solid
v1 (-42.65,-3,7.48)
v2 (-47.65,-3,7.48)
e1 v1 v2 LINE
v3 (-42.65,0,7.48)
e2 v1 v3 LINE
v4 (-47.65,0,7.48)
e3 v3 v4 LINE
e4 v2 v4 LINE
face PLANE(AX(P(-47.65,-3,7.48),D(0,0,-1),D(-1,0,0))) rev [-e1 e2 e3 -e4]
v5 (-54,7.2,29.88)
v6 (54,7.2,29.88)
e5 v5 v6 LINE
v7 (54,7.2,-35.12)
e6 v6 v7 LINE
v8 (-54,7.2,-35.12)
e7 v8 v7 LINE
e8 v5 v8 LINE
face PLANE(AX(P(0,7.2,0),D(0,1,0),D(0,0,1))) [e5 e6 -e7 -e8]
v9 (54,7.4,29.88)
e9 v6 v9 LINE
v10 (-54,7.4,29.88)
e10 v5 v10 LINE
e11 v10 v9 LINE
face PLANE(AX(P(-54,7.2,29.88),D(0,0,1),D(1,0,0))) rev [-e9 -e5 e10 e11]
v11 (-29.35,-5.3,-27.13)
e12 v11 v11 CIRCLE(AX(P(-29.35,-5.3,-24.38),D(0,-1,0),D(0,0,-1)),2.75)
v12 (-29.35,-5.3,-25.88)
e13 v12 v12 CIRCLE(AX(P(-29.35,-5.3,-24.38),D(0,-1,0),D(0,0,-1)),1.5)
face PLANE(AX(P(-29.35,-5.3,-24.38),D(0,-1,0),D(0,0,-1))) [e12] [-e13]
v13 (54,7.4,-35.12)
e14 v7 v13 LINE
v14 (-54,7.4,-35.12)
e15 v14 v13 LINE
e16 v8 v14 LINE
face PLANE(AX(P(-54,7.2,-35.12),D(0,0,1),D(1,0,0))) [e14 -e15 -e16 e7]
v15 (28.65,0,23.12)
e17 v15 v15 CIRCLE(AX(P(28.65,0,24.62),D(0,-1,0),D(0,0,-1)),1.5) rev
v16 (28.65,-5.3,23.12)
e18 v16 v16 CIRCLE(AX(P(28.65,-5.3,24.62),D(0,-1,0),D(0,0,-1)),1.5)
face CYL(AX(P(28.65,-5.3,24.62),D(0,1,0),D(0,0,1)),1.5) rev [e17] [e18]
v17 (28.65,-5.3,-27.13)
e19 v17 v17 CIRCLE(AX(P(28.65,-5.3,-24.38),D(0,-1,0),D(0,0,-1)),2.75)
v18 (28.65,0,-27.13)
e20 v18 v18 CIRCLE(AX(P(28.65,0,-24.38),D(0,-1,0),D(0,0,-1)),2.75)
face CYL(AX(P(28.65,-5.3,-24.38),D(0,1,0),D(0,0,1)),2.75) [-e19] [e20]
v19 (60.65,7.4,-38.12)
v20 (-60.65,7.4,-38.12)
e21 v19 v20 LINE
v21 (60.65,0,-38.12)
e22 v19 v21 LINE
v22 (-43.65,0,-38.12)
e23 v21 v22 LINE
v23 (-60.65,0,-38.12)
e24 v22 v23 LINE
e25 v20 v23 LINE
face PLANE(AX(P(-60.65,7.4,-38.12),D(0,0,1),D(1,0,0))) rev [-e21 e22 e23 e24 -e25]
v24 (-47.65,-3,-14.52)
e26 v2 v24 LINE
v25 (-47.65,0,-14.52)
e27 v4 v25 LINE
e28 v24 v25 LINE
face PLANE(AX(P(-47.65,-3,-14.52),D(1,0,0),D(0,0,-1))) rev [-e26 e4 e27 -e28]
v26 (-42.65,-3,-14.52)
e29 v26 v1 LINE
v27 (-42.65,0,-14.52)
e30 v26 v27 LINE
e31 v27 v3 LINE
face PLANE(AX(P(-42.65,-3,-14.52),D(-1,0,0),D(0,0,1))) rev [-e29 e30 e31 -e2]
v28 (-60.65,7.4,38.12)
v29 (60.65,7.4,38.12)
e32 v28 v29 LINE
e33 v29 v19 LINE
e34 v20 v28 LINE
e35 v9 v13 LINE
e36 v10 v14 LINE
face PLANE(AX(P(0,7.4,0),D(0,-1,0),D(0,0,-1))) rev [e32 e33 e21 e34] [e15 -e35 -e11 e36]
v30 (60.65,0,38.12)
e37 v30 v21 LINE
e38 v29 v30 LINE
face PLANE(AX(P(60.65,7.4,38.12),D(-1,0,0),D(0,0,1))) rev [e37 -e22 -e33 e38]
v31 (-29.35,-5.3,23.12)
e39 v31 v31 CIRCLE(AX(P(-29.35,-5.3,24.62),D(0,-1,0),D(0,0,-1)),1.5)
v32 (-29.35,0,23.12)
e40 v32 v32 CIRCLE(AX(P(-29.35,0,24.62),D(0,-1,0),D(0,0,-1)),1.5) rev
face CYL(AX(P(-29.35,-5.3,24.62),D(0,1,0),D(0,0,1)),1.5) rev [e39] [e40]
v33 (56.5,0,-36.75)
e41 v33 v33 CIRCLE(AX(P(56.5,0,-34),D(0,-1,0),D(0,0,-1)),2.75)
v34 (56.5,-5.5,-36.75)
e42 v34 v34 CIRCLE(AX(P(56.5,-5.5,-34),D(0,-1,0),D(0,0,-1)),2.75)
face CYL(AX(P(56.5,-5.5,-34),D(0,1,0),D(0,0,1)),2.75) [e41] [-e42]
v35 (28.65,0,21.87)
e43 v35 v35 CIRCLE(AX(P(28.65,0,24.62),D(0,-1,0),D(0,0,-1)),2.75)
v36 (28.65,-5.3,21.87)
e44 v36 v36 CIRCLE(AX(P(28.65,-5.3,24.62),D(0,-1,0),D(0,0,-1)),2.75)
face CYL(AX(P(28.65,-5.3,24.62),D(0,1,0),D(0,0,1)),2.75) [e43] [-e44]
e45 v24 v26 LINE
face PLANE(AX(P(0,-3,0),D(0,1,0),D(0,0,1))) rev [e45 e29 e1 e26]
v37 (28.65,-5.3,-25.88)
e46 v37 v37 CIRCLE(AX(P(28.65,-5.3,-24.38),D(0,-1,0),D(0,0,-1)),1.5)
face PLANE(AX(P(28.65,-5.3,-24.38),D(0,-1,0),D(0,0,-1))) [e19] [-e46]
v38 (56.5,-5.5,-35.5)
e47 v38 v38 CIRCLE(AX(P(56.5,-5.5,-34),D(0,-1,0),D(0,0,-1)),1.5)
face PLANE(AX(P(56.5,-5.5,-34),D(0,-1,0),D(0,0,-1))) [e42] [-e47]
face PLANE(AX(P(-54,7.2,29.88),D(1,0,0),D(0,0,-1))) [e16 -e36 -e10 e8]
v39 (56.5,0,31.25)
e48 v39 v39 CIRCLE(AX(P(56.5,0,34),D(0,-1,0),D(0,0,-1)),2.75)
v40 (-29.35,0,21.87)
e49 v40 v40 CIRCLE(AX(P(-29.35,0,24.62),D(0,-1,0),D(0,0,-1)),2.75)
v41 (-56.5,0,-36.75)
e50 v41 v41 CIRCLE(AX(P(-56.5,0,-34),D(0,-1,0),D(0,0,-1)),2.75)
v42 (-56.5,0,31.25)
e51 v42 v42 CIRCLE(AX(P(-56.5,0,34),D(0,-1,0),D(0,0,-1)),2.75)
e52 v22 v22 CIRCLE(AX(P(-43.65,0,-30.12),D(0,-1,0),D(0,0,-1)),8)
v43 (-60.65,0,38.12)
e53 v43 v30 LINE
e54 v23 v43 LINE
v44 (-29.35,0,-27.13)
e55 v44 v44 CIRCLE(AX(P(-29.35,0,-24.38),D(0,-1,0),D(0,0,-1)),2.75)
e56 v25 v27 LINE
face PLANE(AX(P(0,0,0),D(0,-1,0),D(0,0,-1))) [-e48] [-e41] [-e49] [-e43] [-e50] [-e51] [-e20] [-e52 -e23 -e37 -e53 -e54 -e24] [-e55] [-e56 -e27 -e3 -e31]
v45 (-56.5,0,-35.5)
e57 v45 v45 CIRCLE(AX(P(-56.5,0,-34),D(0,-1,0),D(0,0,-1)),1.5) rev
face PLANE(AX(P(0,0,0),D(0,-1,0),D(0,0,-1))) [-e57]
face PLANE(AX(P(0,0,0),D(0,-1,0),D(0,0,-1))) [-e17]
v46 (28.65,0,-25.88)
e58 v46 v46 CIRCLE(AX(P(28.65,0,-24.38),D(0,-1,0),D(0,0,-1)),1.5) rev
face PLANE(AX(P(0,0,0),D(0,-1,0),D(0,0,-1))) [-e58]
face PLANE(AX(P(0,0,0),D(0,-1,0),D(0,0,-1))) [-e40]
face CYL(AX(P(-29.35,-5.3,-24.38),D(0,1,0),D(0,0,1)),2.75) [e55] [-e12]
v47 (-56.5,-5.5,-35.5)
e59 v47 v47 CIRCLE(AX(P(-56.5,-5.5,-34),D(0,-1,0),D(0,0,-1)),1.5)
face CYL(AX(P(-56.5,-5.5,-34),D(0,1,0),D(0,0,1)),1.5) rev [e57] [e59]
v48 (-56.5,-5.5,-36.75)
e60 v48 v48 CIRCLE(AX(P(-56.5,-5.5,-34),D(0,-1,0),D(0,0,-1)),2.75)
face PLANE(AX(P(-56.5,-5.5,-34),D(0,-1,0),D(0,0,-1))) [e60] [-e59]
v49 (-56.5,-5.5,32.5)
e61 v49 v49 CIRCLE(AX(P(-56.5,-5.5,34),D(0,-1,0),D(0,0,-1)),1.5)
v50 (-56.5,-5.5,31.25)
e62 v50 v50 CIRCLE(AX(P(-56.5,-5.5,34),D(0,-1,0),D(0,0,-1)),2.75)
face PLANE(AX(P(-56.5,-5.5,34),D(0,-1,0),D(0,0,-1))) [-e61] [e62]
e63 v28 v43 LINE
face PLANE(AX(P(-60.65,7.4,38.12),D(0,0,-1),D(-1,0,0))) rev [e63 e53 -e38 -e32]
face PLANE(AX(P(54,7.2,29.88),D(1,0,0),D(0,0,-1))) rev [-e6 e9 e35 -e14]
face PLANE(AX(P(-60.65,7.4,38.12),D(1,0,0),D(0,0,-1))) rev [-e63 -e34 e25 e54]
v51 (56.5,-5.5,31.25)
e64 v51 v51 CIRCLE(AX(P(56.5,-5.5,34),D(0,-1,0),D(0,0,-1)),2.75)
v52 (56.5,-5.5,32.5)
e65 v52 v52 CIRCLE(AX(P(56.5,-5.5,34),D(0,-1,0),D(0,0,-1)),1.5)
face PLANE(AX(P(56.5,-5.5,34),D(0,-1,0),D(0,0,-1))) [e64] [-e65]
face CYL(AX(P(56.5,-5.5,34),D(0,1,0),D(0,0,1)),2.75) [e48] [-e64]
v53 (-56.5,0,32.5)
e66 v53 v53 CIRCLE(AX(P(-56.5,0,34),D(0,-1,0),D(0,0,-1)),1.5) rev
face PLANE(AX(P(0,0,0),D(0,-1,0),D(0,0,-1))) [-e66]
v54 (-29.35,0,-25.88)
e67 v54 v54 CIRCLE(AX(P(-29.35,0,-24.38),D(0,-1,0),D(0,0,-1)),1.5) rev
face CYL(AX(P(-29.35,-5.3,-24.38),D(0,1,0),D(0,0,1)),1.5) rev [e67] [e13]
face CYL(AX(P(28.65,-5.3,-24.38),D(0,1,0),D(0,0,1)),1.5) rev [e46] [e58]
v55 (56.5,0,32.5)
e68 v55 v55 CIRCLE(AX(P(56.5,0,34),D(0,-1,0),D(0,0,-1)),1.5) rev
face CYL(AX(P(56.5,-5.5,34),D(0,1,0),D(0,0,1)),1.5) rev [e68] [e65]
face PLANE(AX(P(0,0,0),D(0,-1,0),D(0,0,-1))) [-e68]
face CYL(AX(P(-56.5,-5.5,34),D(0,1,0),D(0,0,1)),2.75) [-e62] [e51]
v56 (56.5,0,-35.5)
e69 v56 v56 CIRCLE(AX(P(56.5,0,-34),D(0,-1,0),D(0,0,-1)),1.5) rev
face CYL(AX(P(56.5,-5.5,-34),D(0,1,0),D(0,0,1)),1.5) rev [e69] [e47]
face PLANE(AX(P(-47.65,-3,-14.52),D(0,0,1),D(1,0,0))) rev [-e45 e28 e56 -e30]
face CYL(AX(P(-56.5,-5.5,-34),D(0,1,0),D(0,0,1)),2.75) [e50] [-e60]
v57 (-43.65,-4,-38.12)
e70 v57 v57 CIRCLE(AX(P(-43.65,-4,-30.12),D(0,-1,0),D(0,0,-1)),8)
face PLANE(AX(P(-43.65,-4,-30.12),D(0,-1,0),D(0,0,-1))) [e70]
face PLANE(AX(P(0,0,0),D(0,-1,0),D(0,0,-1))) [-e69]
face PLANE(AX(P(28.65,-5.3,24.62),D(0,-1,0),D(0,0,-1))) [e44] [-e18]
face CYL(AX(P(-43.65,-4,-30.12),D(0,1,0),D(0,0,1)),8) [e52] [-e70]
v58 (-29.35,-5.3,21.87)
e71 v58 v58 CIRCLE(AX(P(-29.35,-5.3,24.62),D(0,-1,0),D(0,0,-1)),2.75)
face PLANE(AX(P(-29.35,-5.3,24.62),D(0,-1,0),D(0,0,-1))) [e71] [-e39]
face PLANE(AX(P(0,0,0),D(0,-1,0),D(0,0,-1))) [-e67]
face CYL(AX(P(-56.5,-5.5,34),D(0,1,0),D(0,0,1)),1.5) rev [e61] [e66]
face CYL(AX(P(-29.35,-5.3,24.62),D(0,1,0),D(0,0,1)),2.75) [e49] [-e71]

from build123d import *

# Parameters (mm, degrees)
SKETCH1_W           = 121.3
SKETCH1_H           = 76.24
BOSS_EXTRUDE1_DEPTH = 7.4
SKETCH2_R           = 2.75
SKETCH2_R_2         = 1.5
BOSS_EXTRUDE2_DEPTH = 5.5
SKETCH3_R           = 2.75
SKETCH3_R_2         = 1.5
BOSS_EXTRUDE3_DEPTH = 5.3
SKETCH4_W           = 108
SKETCH4_H           = 65
CUT_EXTRUDE1_DEPTH  = 0.2
SKETCH5_R           = 8
BOSS_EXTRUDE4_DEPTH = 4
SKETCH6_W           = 5
SKETCH6_H           = 22
BOSS_EXTRUDE5_DEPTH = 3


with BuildPart() as part:
    # Sketch1 → Boss-Extrude1 (new body)
    with BuildSketch(Plane(origin=(0, 0, 0), x_dir=(1, 0, 0), z_dir=(0, 1, 0))):
        Rectangle(SKETCH1_W, SKETCH1_H)
    extrude(amount=BOSS_EXTRUDE1_DEPTH)

    # Sketch2 → Boss-Extrude2 (add)
    # profile 1 of 4: a face of its own
    with BuildSketch(Plane.XZ):
        with Locations(Location((-56.5, 34, 0), (0, 0, 270))):
            Circle(SKETCH2_R)
        with Locations(Location((-56.5, 34, 0), (0, 0, 270))):
            Circle(SKETCH2_R_2, mode=Mode.SUBTRACT)
    # profile 2 of 4: a face of its own
    with BuildSketch(Plane.XZ):
        with Locations(Location((56.5, 34, 0), (0, 0, 270))):
            Circle(SKETCH2_R)
        with Locations(Location((56.5, 34, 0), (0, 0, 270))):
            Circle(SKETCH2_R_2, mode=Mode.SUBTRACT)
    # profile 3 of 4: a face of its own
    with BuildSketch(Plane.XZ):
        with Locations(Location((56.5, -34, 0), (0, 0, 270))):
            Circle(SKETCH2_R)
        with Locations(Location((56.5, -34, 0), (0, 0, 270))):
            Circle(SKETCH2_R_2, mode=Mode.SUBTRACT)
    # profile 4 of 4: a face of its own
    with BuildSketch(Plane.XZ):
        with Locations(Location((-56.5, -34, 0), (0, 0, 270))):
            Circle(SKETCH2_R)
        with Locations(Location((-56.5, -34, 0), (0, 0, 270))):
            Circle(SKETCH2_R_2, mode=Mode.SUBTRACT)
    extrude(amount=BOSS_EXTRUDE2_DEPTH)

    # Sketch3 → Boss-Extrude3 (add)
    # profile 1 of 4: a face of its own
    with BuildSketch(Plane.XZ):
        with Locations(Location((-29.35, 24.62, 0), (0, 0, 270))):
            Circle(SKETCH3_R)
        with Locations(Location((-29.35, 24.62, 0), (0, 0, 270))):
            Circle(SKETCH3_R_2, mode=Mode.SUBTRACT)
    # profile 2 of 4: a face of its own
    with BuildSketch(Plane.XZ):
        with Locations(Location((28.65, 24.62, 0), (0, 0, 270))):
            Circle(SKETCH3_R)
        with Locations(Location((28.65, 24.62, 0), (0, 0, 270))):
            Circle(SKETCH3_R_2, mode=Mode.SUBTRACT)
    # profile 3 of 4: a face of its own
    with BuildSketch(Plane.XZ):
        with Locations(Location((28.65, -24.38, 0), (0, 0, 270))):
            Circle(SKETCH3_R)
        with Locations(Location((28.65, -24.38, 0), (0, 0, 270))):
            Circle(SKETCH3_R_2, mode=Mode.SUBTRACT)
    # profile 4 of 4: a face of its own
    with BuildSketch(Plane.XZ):
        with Locations(Location((-29.35, -24.38, 0), (0, 0, 270))):
            Circle(SKETCH3_R)
        with Locations(Location((-29.35, -24.38, 0), (0, 0, 270))):
            Circle(SKETCH3_R_2, mode=Mode.SUBTRACT)
    extrude(amount=BOSS_EXTRUDE3_DEPTH)

    # Sketch4 → Cut-Extrude1 (cut)
    with BuildSketch(Plane(origin=(0, 7.4, 0), x_dir=(1, 0, 0), z_dir=(0, 1, 0))):
        with Locations((0, 2.62)):
            Rectangle(SKETCH4_W, SKETCH4_H)
    extrude(amount=-CUT_EXTRUDE1_DEPTH, mode=Mode.SUBTRACT)

    # Sketch5 → Boss-Extrude4 (add)
    with BuildSketch(Plane(origin=(0, 0, 0), x_dir=(-1, 0, 0), z_dir=(0, -1, 0))):
        with Locations(Location((43.65, 30.12, 0), (0, 0, 90))):
            Circle(SKETCH5_R)
    extrude(amount=BOSS_EXTRUDE4_DEPTH)

    # Sketch6 → Boss-Extrude5 (add)
    with BuildSketch(Plane.XZ):
        with Locations((-45.15, -3.52)):
            Rectangle(SKETCH6_W, SKETCH6_H)
    extrude(amount=BOSS_EXTRUDE5_DEPTH)


solid = part.part
